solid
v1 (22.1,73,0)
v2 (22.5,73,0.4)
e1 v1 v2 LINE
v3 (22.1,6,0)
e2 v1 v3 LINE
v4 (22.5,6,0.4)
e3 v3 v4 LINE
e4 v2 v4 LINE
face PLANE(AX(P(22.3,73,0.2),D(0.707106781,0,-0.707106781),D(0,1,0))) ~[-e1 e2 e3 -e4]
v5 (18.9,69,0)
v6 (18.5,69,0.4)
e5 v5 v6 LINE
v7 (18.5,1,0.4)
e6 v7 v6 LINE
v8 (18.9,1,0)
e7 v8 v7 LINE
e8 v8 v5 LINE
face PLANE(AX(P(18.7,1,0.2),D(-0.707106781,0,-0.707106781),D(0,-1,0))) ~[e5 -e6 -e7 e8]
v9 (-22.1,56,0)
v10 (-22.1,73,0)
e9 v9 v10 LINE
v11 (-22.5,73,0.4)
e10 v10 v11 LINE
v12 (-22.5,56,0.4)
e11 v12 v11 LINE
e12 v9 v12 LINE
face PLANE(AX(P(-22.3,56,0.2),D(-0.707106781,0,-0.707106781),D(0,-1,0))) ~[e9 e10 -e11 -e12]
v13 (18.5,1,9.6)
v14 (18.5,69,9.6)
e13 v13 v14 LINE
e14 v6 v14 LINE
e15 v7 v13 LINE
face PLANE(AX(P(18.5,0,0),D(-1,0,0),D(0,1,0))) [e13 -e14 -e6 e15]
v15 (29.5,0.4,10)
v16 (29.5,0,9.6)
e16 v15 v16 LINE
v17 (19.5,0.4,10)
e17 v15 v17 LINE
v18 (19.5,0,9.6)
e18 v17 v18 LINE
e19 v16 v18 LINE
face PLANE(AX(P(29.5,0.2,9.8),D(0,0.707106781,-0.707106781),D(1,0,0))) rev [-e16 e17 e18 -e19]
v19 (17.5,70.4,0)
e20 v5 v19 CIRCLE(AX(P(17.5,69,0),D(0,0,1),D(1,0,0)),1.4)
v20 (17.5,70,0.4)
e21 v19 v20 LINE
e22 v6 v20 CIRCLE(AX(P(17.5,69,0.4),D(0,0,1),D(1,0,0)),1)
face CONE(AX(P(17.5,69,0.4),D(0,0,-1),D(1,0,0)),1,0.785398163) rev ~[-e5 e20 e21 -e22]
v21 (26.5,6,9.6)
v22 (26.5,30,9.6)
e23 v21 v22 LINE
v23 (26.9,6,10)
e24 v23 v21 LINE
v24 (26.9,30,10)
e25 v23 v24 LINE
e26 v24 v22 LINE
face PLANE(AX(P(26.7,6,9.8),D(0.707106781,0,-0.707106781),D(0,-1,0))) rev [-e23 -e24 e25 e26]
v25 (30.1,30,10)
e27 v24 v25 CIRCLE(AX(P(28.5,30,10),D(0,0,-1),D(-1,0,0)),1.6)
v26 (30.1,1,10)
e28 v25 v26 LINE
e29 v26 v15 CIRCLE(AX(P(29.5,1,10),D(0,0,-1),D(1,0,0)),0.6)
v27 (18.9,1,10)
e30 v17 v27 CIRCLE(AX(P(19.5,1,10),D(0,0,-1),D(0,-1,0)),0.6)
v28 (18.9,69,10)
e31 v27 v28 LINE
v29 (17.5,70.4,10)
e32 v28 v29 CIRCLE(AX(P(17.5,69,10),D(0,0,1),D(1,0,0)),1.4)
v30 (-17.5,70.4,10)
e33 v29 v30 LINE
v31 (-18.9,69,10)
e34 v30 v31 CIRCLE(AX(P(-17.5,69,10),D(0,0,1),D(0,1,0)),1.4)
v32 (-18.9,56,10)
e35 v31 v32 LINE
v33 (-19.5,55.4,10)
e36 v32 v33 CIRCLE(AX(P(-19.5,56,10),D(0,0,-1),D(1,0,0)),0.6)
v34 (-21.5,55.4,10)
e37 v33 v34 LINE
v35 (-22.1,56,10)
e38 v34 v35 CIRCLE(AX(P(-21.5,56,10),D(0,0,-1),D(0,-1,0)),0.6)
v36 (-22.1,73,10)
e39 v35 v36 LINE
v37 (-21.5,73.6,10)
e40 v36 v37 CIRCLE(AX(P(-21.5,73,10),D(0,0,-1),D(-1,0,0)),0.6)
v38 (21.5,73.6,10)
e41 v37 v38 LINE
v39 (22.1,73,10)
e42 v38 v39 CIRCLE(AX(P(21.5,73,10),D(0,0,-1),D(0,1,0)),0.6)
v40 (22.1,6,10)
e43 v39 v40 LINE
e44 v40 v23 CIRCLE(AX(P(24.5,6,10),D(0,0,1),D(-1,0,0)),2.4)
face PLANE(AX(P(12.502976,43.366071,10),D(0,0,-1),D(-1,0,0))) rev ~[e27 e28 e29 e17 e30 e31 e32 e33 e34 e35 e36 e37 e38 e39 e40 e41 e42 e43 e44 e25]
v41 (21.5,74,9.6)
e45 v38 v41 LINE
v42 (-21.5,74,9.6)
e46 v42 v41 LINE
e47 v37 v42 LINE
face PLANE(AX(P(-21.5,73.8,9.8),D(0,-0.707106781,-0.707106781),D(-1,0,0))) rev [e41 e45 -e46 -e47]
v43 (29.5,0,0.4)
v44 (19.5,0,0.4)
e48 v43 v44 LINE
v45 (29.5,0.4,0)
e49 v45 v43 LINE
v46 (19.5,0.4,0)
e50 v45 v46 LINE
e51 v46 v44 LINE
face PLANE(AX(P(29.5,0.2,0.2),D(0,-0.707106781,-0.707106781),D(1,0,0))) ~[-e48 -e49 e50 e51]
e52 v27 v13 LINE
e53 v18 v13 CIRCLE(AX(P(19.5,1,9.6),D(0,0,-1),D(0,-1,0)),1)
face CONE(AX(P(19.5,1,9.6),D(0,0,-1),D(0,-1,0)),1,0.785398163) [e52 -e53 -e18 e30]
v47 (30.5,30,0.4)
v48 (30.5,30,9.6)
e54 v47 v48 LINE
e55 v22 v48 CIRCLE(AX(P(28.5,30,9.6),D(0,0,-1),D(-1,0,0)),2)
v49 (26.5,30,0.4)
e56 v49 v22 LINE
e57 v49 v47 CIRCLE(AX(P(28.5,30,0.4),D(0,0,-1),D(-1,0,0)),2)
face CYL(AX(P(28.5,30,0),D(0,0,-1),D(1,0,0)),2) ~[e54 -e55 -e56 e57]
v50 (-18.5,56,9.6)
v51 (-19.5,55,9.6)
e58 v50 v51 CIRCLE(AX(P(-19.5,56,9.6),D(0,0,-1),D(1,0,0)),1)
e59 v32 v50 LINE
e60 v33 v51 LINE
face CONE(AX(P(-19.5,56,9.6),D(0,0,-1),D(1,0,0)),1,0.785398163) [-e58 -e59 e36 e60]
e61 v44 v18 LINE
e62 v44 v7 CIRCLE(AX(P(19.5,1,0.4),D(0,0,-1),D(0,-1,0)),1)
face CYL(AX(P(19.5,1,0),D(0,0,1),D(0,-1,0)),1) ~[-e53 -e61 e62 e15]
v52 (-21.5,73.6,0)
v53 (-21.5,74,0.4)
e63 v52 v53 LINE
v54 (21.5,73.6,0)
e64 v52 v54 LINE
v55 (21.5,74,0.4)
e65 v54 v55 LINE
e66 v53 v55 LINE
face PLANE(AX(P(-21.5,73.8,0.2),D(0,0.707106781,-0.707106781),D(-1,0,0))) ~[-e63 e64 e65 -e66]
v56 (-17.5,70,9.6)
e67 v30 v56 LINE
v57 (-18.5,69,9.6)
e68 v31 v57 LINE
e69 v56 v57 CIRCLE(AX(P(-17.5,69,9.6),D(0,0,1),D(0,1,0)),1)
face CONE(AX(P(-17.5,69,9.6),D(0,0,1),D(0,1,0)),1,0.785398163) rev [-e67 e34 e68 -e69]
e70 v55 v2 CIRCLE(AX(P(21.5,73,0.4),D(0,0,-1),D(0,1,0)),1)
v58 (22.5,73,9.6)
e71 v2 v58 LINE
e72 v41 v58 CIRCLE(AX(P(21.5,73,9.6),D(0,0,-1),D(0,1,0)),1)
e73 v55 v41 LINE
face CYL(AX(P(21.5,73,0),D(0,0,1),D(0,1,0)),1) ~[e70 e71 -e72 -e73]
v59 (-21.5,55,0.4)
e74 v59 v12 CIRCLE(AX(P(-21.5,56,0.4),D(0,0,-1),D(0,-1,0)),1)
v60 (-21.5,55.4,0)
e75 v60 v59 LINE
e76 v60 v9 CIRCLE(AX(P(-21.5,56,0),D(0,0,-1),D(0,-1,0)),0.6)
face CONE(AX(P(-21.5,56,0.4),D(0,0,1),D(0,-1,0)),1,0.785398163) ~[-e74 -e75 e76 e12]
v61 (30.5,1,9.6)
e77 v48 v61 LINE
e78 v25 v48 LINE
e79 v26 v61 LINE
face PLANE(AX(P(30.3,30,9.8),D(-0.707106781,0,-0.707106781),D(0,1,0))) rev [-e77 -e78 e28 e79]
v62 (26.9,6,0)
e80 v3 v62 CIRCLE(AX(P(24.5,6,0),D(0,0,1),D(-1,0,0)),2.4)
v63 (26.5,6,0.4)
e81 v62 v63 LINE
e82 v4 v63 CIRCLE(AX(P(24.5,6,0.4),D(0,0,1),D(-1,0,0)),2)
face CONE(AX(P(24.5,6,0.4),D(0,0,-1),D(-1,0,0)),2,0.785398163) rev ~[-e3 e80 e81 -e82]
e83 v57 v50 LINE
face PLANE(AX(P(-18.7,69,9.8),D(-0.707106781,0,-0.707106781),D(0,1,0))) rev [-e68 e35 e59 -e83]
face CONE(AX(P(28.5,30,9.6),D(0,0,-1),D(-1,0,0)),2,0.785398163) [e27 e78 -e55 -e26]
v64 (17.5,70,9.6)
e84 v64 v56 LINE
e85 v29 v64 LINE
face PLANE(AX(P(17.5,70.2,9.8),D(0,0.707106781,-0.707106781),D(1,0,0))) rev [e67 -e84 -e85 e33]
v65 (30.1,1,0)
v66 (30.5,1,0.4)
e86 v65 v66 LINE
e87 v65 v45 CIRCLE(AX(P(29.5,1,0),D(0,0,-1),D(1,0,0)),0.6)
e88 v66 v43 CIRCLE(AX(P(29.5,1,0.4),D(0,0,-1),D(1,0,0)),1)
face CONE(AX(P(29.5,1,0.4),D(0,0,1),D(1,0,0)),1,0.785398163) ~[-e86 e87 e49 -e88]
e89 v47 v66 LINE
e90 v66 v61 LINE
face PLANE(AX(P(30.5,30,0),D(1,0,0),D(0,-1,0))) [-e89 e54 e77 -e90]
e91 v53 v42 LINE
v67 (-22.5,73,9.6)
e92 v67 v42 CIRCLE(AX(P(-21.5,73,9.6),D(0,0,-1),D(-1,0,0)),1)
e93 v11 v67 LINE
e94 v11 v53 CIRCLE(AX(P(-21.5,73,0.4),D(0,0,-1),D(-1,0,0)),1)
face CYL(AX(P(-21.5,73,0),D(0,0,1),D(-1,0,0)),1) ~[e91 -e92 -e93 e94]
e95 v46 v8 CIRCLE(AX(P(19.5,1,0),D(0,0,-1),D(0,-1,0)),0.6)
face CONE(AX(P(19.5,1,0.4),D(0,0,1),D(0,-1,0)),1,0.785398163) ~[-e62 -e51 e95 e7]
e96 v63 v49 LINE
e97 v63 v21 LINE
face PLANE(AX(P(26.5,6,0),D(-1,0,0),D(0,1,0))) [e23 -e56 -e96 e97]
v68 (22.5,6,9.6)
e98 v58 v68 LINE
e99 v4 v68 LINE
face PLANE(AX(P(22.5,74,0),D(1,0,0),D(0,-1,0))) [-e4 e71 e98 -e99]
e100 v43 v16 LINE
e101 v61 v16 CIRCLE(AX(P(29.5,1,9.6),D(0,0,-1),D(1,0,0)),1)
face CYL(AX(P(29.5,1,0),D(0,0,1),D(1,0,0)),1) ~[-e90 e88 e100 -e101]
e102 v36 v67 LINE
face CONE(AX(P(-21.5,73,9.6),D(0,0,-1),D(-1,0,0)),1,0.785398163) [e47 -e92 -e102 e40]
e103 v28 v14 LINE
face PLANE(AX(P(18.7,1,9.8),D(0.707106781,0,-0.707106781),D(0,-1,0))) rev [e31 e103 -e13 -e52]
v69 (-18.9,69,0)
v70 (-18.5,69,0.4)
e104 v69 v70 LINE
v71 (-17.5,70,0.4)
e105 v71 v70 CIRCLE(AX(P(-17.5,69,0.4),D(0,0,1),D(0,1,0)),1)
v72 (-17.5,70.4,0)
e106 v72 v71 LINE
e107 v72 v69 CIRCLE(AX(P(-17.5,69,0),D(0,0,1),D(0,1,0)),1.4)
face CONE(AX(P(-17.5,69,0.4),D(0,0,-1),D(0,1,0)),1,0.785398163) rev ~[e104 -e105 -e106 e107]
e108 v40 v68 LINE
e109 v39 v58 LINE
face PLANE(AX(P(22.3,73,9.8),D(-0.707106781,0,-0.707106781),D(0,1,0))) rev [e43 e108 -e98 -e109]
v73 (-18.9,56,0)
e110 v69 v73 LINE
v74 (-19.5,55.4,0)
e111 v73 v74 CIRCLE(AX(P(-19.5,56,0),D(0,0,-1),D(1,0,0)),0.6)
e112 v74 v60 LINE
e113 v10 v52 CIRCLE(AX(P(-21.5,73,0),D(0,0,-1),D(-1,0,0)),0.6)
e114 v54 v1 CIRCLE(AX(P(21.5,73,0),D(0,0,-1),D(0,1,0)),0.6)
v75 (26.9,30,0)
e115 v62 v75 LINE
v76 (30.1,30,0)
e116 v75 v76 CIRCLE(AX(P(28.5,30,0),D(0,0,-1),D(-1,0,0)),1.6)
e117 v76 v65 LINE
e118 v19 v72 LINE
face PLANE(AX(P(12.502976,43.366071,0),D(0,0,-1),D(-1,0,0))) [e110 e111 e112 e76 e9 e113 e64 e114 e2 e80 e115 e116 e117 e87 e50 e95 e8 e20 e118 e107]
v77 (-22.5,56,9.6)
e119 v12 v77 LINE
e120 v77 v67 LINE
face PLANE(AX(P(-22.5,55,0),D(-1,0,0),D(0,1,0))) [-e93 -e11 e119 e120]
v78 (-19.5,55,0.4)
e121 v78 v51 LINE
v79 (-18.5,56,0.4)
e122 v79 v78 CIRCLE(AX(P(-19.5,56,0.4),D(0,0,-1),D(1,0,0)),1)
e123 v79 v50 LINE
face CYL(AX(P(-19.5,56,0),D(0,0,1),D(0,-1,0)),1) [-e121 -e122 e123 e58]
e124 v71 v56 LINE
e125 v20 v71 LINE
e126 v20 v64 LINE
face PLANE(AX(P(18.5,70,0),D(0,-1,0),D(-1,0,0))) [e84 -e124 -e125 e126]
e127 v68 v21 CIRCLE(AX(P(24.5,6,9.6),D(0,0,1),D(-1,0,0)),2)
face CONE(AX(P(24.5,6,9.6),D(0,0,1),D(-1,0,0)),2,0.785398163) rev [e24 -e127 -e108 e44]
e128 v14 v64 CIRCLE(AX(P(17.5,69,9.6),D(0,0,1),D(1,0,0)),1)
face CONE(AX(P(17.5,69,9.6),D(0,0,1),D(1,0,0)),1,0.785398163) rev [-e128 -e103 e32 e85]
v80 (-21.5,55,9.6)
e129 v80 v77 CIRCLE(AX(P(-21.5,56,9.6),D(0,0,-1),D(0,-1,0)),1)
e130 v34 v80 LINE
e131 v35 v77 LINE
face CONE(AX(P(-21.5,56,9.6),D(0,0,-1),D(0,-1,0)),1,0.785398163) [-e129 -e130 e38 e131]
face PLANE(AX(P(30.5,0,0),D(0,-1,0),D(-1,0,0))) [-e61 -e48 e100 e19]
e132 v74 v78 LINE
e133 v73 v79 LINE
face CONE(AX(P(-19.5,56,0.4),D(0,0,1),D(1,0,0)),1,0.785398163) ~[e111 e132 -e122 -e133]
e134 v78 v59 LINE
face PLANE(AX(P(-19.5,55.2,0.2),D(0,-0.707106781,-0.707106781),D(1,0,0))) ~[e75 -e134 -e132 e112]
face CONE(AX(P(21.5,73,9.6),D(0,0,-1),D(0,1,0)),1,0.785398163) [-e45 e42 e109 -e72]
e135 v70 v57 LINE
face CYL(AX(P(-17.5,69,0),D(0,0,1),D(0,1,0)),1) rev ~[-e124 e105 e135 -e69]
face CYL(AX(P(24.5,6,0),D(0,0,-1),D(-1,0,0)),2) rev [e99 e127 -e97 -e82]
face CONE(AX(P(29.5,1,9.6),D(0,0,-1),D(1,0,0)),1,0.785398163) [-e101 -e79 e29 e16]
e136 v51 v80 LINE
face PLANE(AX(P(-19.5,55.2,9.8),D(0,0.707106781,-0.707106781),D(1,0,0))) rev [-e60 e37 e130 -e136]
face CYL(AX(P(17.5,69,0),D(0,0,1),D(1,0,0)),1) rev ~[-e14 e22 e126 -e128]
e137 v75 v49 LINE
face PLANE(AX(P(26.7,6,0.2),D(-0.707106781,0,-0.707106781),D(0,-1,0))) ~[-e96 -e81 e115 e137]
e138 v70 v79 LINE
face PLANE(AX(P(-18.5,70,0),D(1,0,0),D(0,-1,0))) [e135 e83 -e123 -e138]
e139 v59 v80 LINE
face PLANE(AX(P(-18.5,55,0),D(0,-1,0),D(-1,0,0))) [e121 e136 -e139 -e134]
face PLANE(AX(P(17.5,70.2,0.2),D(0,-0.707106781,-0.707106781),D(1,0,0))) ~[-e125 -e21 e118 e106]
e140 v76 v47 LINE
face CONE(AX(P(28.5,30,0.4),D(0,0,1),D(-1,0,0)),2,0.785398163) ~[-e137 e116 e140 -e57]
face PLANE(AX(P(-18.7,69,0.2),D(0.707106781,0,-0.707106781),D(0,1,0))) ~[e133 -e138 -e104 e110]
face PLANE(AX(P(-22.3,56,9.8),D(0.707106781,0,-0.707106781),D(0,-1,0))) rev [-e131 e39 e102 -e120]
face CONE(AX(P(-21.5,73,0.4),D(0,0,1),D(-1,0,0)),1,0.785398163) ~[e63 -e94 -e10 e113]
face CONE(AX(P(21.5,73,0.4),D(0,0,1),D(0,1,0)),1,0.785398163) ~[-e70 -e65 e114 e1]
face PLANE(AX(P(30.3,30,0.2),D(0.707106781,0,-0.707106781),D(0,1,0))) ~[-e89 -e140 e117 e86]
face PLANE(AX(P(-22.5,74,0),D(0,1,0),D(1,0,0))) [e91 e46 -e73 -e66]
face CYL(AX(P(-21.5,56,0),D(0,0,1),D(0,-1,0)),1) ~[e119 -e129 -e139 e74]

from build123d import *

# Parameters (mm, degrees)
PAD_DEPTH    = 10
FILLET_R     = 1
CHAMFER_SIZE = 0.4


with BuildPart() as part:
    # Sketch → Pad (new body)
    with BuildSketch(Plane.XY):
        with BuildLine():
            Line((-18.5, 55), (-22.5, 55))
            Line((-22.5, 55), (-22.5, 74))
            Line((-22.5, 74), (22.5, 74))
            Line((22.5, 74), (22.5, 6))
            ThreePointArc((22.5, 6), (24.5, 4), (26.5, 6))
            Line((26.5, 6), (26.5, 30))
            ThreePointArc((30.5, 30), (28.5, 32), (26.5, 30))
            Line((30.5, 30), (30.5, 0))
            Line((30.5, 0), (18.5, 0))
            Line((18.5, 0), (18.5, 70))
            Line((18.5, 70), (-18.5, 70))
            Line((-18.5, 70), (-18.5, 55))
        make_face()
    extrude(amount=PAD_DEPTH)

    # Fillet
    fillet_edges = [part.edges().sort_by_distance(p)[0] for p in [
        (18.5, 70, 5),
        (-18.5, 55, 5),
        (-22.5, 55, 5),
        (-22.5, 74, 5),
        (22.5, 74, 5),
        (18.5, 0, 5),
        (30.5, 0, 5),
        (-18.5, 70, 5),
    ]]
    fillet(fillet_edges, radius=FILLET_R)

    # Chamfer
    chamfer_edges = [part.edges().sort_by_distance(p)[0] for p in [
        (30.5, 15.5, 10),
        (30.207107, 0.292893, 10),
        (28.5, 32, 10),
        (24.5, 0, 10),
        (26.5, 18, 10),
        (18.792893, 0.292893, 10),
        (24.5, 4, 10),
        (18.5, 35, 10),
        (22.5, 39.5, 10),
        (18.207107, 69.707107, 10),
        (22.207107, 73.707107, 10),
        (0, 70, 10),
        (0, 74, 10),
        (-18.207107, 69.707107, 10),
        (-22.207107, 73.707107, 10),
        (-18.5, 62.5, 10),
        (-22.5, 64.5, 10),
        (-18.792893, 55.292893, 10),
        (-22.207107, 55.292893, 10),
        (-20.5, 55, 10),
        (30.5, 15.5, 0),
        (30.207107, 0.292893, 0),
        (28.5, 32, 0),
        (24.5, 0, 0),
        (26.5, 18, 0),
        (18.792893, 0.292893, 0),
        (24.5, 4, 0),
        (18.5, 35, 0),
        (22.5, 39.5, 0),
        (18.207107, 69.707107, 0),
        (22.207107, 73.707107, 0),
        (0, 70, 0),
        (0, 74, 0),
        (-18.207107, 69.707107, 0),
        (-22.207107, 73.707107, 0),
        (-18.5, 62.5, 0),
        (-22.5, 64.5, 0),
        (-18.792893, 55.292893, 0),
        (-22.207107, 55.292893, 0),
        (-20.5, 55, 0),
    ]]
    chamfer(chamfer_edges, length=CHAMFER_SIZE)


solid = part.part
